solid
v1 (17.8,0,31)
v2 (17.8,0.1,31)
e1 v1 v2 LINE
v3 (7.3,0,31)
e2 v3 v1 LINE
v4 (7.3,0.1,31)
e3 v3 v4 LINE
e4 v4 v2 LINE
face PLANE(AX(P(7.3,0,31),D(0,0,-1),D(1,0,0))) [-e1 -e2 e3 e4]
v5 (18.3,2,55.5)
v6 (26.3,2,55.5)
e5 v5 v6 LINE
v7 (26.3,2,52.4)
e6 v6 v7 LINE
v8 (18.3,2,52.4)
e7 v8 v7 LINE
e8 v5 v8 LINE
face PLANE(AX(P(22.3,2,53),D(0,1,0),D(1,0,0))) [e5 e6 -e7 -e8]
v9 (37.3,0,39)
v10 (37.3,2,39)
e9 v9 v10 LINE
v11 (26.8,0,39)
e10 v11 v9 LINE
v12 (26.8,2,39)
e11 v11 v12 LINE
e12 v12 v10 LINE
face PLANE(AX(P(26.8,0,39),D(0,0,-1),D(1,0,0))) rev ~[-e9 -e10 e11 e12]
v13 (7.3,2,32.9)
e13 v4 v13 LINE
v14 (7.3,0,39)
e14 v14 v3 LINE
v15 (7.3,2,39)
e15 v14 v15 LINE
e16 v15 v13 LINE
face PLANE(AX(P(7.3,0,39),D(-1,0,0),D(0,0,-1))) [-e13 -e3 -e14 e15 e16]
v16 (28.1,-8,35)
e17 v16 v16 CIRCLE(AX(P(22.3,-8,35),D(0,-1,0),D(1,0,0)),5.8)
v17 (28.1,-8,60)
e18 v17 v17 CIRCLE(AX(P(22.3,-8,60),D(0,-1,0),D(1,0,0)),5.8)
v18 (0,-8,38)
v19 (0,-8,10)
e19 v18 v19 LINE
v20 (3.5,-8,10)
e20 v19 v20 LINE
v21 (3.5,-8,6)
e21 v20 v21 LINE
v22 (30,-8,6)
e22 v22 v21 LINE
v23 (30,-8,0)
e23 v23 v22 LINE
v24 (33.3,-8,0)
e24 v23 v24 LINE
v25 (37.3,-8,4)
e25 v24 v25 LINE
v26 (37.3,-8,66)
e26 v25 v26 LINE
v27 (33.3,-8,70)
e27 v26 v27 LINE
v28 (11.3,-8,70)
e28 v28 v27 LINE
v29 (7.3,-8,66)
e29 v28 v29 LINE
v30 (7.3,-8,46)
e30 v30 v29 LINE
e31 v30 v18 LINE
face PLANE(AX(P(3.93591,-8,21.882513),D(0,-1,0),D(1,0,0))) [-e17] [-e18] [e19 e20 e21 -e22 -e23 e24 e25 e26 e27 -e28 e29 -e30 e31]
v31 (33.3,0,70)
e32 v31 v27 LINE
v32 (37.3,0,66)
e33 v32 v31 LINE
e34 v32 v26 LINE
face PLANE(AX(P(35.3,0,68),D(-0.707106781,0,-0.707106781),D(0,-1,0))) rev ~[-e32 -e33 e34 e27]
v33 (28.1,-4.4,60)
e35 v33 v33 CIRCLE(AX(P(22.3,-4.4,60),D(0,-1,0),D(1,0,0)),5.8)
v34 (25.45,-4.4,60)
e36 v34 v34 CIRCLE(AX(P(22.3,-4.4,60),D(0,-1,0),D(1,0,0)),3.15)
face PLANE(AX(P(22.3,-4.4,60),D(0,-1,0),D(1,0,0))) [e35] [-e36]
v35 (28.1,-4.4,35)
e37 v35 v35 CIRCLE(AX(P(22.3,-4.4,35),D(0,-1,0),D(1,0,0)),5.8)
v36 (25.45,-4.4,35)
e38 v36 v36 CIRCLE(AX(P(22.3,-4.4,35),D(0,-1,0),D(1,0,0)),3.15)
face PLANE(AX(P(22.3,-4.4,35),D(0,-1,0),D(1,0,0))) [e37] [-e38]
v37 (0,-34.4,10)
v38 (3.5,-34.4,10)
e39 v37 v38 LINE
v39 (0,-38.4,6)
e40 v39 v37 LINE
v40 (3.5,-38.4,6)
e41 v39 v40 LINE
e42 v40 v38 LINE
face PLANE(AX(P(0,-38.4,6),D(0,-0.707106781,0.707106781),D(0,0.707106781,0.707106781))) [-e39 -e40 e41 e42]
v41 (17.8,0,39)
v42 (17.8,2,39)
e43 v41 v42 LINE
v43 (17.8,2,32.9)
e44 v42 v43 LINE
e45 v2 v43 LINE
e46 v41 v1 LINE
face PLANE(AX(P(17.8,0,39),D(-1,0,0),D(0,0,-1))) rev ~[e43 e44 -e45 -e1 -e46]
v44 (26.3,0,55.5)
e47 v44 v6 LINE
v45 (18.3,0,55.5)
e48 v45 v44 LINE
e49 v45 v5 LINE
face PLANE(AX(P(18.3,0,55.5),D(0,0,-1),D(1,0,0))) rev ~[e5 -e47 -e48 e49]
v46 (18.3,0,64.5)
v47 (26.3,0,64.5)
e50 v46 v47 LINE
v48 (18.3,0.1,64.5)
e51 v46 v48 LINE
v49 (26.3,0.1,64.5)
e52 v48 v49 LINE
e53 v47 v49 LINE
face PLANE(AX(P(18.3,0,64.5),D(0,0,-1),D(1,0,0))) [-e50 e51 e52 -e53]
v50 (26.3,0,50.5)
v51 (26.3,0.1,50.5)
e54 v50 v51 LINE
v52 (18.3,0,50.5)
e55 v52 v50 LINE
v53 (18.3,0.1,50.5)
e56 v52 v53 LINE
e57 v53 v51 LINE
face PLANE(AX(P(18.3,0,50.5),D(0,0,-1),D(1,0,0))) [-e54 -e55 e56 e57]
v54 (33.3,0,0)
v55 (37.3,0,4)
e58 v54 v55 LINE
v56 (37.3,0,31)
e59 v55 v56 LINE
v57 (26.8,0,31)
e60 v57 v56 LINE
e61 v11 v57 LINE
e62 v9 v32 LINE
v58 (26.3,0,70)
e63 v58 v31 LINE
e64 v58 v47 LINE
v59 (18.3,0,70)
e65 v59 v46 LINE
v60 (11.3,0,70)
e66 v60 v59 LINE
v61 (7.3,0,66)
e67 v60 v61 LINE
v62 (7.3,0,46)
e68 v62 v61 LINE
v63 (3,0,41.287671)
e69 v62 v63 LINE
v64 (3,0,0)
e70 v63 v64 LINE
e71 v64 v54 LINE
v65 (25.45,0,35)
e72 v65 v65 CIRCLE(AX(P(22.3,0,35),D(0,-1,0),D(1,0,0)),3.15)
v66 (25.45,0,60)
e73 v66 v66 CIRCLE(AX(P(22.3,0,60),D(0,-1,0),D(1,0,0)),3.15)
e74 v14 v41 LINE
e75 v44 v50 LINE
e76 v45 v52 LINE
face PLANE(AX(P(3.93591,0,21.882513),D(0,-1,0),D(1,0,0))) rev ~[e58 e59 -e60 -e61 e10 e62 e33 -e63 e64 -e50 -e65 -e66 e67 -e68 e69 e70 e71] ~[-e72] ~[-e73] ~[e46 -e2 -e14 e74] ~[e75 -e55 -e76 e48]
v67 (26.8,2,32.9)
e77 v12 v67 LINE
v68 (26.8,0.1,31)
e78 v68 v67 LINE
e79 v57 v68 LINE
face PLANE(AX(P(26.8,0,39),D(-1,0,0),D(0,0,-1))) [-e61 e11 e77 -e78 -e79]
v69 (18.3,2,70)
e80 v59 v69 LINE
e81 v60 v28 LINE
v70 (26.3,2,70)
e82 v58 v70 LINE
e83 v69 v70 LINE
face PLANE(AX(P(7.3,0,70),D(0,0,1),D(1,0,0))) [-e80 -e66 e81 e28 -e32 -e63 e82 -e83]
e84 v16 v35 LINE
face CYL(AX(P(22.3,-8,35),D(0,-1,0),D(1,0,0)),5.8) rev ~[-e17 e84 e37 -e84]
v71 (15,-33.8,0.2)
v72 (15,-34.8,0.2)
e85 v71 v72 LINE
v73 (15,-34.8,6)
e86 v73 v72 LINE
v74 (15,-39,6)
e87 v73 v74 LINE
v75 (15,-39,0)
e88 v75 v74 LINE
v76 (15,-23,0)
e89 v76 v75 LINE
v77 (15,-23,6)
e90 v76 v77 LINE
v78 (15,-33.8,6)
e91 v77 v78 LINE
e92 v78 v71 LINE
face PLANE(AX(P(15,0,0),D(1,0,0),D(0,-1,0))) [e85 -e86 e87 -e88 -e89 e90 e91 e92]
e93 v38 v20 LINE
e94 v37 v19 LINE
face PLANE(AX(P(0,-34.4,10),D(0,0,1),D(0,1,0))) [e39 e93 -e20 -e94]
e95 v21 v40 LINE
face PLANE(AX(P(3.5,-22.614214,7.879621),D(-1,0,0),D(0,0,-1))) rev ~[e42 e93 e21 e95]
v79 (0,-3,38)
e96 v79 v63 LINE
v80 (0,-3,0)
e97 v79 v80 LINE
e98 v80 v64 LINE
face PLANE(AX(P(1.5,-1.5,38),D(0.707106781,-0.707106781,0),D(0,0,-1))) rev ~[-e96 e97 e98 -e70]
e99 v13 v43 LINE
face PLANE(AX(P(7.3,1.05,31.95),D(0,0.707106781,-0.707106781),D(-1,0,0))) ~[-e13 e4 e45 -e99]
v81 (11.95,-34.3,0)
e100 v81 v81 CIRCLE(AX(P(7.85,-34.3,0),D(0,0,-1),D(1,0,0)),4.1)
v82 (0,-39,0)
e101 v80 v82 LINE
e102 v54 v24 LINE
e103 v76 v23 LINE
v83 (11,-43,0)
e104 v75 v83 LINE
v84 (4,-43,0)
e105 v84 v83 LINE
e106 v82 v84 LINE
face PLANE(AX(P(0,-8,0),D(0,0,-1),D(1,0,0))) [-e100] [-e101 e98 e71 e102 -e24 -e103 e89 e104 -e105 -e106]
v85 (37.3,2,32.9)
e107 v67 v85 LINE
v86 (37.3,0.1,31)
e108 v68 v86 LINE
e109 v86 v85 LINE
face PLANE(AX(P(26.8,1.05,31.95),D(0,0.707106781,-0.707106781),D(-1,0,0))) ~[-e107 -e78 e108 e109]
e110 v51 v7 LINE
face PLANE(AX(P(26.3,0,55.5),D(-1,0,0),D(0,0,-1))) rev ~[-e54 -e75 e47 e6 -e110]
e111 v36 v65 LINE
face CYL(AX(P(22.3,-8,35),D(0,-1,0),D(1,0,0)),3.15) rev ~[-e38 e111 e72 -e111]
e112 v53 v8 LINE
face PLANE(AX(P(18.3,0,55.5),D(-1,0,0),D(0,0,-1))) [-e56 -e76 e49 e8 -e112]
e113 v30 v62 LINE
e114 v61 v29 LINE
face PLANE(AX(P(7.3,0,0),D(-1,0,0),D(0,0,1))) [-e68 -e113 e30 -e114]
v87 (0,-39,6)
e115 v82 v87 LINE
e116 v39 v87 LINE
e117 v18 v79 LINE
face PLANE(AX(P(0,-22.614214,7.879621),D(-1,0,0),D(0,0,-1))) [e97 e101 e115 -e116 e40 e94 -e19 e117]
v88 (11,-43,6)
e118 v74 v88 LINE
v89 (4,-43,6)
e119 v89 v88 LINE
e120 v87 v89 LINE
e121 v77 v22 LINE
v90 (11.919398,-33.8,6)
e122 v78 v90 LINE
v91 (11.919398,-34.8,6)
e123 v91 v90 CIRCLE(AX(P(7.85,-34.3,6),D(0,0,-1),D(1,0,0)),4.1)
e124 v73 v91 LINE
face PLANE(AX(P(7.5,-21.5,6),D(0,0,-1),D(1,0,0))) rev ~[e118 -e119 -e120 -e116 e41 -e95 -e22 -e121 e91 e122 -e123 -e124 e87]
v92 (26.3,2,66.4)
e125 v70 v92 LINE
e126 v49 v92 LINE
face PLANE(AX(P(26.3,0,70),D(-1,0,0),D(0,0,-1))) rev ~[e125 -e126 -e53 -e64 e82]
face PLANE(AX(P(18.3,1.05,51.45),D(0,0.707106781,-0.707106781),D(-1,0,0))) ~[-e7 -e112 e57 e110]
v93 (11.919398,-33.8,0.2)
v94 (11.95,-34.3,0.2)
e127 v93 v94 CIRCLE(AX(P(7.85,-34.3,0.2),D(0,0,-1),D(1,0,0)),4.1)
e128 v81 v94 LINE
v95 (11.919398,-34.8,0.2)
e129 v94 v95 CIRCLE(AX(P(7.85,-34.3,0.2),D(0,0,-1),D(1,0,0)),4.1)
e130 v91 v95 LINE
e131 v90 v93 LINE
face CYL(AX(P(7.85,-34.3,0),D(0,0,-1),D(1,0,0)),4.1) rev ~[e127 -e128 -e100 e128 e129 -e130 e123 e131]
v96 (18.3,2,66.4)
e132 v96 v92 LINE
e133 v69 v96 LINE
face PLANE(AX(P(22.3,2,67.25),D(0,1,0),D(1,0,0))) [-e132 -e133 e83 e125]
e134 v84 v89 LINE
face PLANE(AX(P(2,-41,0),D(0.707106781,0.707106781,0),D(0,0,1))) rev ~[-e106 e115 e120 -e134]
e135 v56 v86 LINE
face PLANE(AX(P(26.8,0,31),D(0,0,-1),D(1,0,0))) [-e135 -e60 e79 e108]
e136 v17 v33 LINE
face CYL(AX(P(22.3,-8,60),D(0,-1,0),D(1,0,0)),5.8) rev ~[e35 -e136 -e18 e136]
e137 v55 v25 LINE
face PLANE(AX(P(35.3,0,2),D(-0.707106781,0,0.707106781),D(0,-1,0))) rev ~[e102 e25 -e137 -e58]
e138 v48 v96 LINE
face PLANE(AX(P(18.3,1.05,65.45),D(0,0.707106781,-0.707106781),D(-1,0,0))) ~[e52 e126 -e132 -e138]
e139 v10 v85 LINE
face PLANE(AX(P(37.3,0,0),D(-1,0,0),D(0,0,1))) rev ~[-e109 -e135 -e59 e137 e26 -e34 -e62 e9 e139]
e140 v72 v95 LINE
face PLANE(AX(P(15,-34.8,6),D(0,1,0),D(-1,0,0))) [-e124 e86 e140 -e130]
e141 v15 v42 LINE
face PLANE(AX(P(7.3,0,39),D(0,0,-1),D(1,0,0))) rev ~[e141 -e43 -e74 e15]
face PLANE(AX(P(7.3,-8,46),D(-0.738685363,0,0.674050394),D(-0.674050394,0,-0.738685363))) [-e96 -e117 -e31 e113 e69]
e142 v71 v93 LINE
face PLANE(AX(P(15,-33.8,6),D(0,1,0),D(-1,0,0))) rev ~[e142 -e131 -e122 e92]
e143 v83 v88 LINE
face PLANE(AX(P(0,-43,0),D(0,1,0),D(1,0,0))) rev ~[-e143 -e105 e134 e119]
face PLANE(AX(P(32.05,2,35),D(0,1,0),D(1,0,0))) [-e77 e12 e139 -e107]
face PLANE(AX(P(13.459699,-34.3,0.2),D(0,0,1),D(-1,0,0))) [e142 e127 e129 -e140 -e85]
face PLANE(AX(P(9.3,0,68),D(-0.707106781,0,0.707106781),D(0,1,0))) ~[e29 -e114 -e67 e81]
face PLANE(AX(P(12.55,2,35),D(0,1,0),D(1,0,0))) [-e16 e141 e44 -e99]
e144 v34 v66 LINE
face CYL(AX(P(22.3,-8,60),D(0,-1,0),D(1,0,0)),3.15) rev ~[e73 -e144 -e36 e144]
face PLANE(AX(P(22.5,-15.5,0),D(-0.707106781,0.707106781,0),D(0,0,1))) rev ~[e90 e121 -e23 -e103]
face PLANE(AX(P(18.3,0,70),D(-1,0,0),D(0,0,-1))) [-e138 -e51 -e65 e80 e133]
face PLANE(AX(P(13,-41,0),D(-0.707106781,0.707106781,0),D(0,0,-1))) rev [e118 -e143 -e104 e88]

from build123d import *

# Parameters (mm, degrees)
SKETCH_W        = 30
SKETCH_H        = 70
PAD_DEPTH       = 8
PAD001_DEPTH    = 8
SKETCH002_W     = 15
SKETCH002_H     = 43
PAD002_DEPTH    = 6
SKETCH003_R     = 4.1
POCKET_DEPTH    = 70.001
PAD003_DEPTH    = 3.5
CHAMFER_SIZE    = 15
SKETCH005_R     = 3.15
POCKET001_DEPTH = 8.001
SKETCH006_R     = 5.8
POCKET002_DEPTH = 3.6
CHAMFER001_SIZE = 4
CHAMFER002_SIZE = 4
CHAMFER003_SIZE = 3
SKETCH007_W     = 10.5
SKETCH007_H     = 8
SKETCH007_W_2   = 8
SKETCH007_H_2   = 5
SKETCH007_H_3   = 5.5
PAD004_DEPTH    = 2
CHAMFER004_SIZE = 1.9
SKETCH008_W     = 3.080602
SKETCH008_H     = 1
POCKET003_DEPTH = 5.8


with BuildPart() as part:
    # Sketch → Pad (new body)
    with BuildSketch(Plane.XZ):
        with Locations((22.3, 35)):
            Rectangle(SKETCH_W, SKETCH_H)
    extrude(amount=PAD_DEPTH)

    # Sketch001 (on Face6 of Pad) → Pad001 (join)
    with BuildSketch(Plane.XZ.offset(8)):
        Polygon((7.3, 46), (0, 38), (0, 0), (7.3, 0), align=None)
    extrude(amount=-PAD001_DEPTH)

    # Sketch002 (on Face8 of Pad001) → Pad002 (join)
    with BuildSketch(Plane(origin=(0, 0, 0), x_dir=(1, 0, 0), z_dir=(0, 0, -1))):
        with Locations((7.5, 21.5)):
            Rectangle(SKETCH002_W, SKETCH002_H)
    extrude(amount=-PAD002_DEPTH)

    # Sketch003 (on Face10 of Pad002) → Pocket (cut, through all)
    with BuildSketch(Plane(origin=(0, 0, 0), x_dir=(1, 0, 0), z_dir=(0, 0, -1))):
        with Locations((7.85, 34.3)):
            Circle(SKETCH003_R)
    extrude(amount=-POCKET_DEPTH, mode=Mode.SUBTRACT)

    # Sketch004 (on Face8 of Pocket) → Pad003 (join)
    with BuildSketch(Plane(origin=(0, 0, 0), x_dir=(0, 0, -1), z_dir=(-1, 0, 0))):
        Polygon((-6, 8), (-6, 38.4), (-10, 34.4), (-10, 8), align=None)
    extrude(amount=-PAD003_DEPTH)

    # Chamfer
    chamfer_edges = [part.edges().sort_by_distance(p)[0] for p in [
        (15, -8, 3),
    ]]
    chamfer(chamfer_edges, length=CHAMFER_SIZE)

    # Sketch005 (on Face1 of Chamfer) → Pocket001 (cut, through all)
    with BuildSketch(Plane.XZ.offset(8)):
        with Locations((22.3, 35)):
            Circle(SKETCH005_R)
        with Locations((22.3, 60)):
            Circle(SKETCH005_R)
    extrude(amount=-POCKET001_DEPTH, mode=Mode.SUBTRACT)

    # Sketch006 (on Face1 of Pocket001) → Pocket002 (cut)
    with BuildSketch(Plane.XZ.offset(8)):
        with Locations((22.3, 60)):
            Circle(SKETCH006_R)
        with Locations((22.3, 35)):
            Circle(SKETCH006_R)
    extrude(amount=-POCKET002_DEPTH, mode=Mode.SUBTRACT)

    # Chamfer001
    chamfer001_edges = [part.edges().sort_by_distance(p)[0] for p in [
        (37.3, -4, 70),
        (7.3, -4, 70),
        (37.3, -4, 0),
    ]]
    chamfer(chamfer001_edges, length=CHAMFER001_SIZE)

    # Chamfer002
    chamfer002_edges = [part.edges().sort_by_distance(p)[0] for p in [
        (15, -43, 3),
        (0, -43, 3),
    ]]
    chamfer(chamfer002_edges, length=CHAMFER002_SIZE)

    # Chamfer003
    chamfer003_edges = [part.edges().sort_by_distance(p)[0] for p in [
        (0, 0, 19),
    ]]
    chamfer(chamfer003_edges, length=CHAMFER003_SIZE)

    # Sketch007 (on Face5 of Chamfer003) → Pad004 (join)
    with BuildSketch(Plane(origin=(0, 0, 0), x_dir=(1, 0, 0), z_dir=(0, 1, 0))):
        with Locations((12.55, -35)):
            Rectangle(SKETCH007_W, SKETCH007_H)
        with Locations((32.05, -35)):
            Rectangle(SKETCH007_W, SKETCH007_H)
        with Locations((22.3, -53)):
            Rectangle(SKETCH007_W_2, SKETCH007_H_2)
        with Locations((22.3, -67.25)):
            Rectangle(SKETCH007_W_2, SKETCH007_H_3)
    extrude(amount=PAD004_DEPTH)

    # Chamfer004
    chamfer004_edges = [part.edges().sort_by_distance(p)[0] for p in [
        (32.05, 2, 31),
        (12.55, 2, 31),
        (22.3, 2, 50.5),
        (22.3, 2, 64.5),
    ]]
    chamfer(chamfer004_edges, length=CHAMFER004_SIZE)

    # Sketch008 (on Face43 of Chamfer004) → Pocket003 (cut)
    with BuildSketch(Plane(origin=(0, 0, 6), x_dir=(-1, 0, 0), z_dir=(0, 0, 1))):
        with Locations((-13.459699, 34.3)):
            Rectangle(SKETCH008_W, SKETCH008_H)
    extrude(amount=-POCKET003_DEPTH, mode=Mode.SUBTRACT)


solid = part.part
